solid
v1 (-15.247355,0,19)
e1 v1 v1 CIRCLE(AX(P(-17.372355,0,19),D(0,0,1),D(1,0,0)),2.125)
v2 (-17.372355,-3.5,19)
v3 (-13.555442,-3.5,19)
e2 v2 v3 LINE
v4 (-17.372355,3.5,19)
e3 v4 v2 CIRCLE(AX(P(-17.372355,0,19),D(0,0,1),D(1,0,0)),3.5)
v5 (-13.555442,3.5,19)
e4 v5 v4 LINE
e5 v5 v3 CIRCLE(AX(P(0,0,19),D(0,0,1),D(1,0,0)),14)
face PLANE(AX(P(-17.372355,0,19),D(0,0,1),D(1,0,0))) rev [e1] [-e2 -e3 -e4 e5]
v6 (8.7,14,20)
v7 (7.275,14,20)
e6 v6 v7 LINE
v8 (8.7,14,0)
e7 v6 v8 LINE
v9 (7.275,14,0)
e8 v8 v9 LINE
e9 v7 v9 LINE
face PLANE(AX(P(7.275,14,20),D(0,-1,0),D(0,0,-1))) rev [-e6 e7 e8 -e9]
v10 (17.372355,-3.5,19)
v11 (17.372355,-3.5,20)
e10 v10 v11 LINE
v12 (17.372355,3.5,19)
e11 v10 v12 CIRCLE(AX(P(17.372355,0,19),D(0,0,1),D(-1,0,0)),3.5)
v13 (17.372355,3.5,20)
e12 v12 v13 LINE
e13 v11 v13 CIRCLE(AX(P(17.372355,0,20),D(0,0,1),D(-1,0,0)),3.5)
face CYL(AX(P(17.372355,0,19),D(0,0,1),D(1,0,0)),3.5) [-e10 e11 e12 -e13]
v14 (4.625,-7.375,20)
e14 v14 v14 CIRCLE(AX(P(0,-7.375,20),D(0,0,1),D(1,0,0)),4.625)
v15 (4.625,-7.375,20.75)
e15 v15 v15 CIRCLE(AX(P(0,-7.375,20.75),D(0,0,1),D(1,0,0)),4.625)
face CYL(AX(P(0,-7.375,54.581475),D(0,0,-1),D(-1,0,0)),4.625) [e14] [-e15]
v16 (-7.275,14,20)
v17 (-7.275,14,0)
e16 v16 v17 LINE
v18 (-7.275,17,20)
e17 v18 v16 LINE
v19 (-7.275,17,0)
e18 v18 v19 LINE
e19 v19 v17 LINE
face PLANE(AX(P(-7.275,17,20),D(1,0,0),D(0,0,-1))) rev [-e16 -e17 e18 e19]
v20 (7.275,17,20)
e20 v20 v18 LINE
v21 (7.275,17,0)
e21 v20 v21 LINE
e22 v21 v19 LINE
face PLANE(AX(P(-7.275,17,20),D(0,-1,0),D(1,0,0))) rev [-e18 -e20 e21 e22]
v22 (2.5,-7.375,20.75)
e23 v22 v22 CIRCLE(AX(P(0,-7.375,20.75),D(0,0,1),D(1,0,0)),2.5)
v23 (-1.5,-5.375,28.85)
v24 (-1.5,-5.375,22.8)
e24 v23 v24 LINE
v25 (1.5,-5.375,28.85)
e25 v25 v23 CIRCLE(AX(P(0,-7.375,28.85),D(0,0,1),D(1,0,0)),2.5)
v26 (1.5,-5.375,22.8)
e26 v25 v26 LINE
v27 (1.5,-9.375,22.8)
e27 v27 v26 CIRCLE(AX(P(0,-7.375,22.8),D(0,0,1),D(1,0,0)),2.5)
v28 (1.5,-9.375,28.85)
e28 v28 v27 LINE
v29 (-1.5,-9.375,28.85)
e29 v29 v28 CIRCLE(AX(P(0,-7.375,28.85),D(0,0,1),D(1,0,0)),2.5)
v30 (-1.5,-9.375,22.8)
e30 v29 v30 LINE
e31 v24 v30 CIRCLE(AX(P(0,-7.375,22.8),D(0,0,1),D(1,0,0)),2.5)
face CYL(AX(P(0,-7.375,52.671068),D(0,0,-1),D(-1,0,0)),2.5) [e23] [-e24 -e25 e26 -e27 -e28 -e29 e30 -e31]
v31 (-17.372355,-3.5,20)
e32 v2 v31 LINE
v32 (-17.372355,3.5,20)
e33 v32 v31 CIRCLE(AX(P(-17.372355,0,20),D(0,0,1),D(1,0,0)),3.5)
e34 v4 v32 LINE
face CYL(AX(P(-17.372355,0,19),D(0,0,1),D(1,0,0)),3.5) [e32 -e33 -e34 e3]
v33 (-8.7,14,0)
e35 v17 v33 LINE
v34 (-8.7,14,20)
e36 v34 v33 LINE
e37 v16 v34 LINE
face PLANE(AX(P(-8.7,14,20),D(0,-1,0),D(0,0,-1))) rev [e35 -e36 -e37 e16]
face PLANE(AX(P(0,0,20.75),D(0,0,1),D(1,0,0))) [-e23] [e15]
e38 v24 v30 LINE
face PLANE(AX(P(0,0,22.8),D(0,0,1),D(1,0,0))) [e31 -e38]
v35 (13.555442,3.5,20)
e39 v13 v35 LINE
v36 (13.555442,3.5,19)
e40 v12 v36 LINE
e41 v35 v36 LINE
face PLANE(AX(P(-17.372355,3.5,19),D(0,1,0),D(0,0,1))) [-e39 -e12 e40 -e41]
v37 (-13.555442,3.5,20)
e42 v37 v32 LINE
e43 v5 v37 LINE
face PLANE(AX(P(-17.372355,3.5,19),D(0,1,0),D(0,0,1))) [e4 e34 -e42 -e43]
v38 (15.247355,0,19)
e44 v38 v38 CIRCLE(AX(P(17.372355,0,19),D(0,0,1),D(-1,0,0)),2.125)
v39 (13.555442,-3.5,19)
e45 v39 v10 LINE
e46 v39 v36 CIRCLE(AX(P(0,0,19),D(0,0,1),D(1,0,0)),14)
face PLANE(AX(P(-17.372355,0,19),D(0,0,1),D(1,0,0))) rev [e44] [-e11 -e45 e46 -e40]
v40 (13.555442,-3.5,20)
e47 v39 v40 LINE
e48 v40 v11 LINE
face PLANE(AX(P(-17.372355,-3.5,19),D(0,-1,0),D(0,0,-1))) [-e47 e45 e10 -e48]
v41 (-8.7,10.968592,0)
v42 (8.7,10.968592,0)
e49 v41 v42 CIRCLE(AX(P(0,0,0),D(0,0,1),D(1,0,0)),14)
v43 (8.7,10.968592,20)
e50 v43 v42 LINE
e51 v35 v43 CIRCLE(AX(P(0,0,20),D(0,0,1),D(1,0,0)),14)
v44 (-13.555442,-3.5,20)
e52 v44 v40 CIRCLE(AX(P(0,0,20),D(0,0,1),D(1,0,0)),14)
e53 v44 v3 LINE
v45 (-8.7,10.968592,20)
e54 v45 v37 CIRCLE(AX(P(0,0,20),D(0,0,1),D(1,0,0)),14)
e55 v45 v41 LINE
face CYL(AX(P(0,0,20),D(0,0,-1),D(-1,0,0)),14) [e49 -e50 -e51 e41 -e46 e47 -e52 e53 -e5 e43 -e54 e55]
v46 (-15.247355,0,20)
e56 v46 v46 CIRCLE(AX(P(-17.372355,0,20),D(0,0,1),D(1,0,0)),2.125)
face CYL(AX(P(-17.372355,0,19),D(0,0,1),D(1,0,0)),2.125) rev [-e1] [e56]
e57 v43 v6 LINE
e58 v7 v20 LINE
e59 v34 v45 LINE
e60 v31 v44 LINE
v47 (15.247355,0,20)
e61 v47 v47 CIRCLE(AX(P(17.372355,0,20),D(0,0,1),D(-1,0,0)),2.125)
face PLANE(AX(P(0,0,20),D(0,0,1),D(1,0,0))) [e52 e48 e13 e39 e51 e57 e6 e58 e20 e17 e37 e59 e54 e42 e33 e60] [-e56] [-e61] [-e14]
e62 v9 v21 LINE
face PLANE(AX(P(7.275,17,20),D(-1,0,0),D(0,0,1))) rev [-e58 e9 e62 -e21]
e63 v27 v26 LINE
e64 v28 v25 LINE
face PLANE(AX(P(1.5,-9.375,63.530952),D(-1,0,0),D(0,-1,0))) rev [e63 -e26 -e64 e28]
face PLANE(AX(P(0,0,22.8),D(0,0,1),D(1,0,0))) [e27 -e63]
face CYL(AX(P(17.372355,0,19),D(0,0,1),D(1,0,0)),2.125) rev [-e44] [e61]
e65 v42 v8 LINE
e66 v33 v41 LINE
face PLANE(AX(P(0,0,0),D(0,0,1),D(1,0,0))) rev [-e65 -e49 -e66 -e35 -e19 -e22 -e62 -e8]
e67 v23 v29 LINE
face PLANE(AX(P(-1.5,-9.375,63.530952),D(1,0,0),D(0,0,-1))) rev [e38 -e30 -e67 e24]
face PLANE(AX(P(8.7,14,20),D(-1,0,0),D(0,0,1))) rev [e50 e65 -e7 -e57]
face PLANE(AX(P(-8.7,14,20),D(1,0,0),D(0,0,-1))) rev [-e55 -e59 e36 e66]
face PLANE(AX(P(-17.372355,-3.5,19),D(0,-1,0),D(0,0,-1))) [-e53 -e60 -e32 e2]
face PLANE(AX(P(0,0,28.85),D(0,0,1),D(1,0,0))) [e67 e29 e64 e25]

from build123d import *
from build123d.topology import SkipClean

# Parameters (mm, degrees)
EXTRUDE_1_DEPTH = 20
SKETCH_2_R      = 2.125
EXTRUDE_2_DEPTH = 1
SKETCH_3_R      = 4.625
EXTRUDE_3_DEPTH = 0.75
SKETCH_4_R      = 2.5
EXTRUDE_4_DEPTH = 2.05
EXTRUDE_5_DEPTH = 6.05


with BuildPart() as part:
    # Sketch 1 → Extrude 1 (new body)
    with BuildSketch(Plane.XY):
        with BuildLine():
            Line((-7.275, 17), (7.275, 17))
            Line((7.275, 17), (7.275, 14))
            Line((7.275, 14), (8.7, 14))
            Line((8.7, 14), (8.7, 10.968591523))
            ThreePointArc((8.7, 10.968591523), (0, -14), (-8.7, 10.968591523))
            Line((-8.7, 10.968591523), (-8.7, 14))
            Line((-8.7, 14), (-7.275, 14))
            Line((-7.275, 14), (-7.275, 17))
        make_face()
    extrude(amount=EXTRUDE_1_DEPTH)

    # Sketch 2 → Extrude 2 (add)
    with BuildSketch(Plane.XY.offset(20)):
        with BuildLine():
            Line((-17.372355088, 3.5), (17.372355088, 3.5))
            ThreePointArc((17.372355088, 3.5), (20.872355088, 0), (17.372355088, -3.5))
            Line((17.372355088, -3.5), (-17.372355088, -3.5))
            ThreePointArc((-17.372355088, -3.5), (-20.872355088, 0), (-17.372355088, 3.5))
        make_face()
        with Locations((-17.372355088, 0)):
            Circle(SKETCH_2_R, mode=Mode.SUBTRACT)
        with Locations(Location((17.372355088, 0, 0), (0, 0, 180))):
            Circle(SKETCH_2_R, mode=Mode.SUBTRACT)
    extrude(amount=-EXTRUDE_2_DEPTH)

    # Sketch 3 → Extrude 3 (add)
    with BuildSketch(Plane.XY.offset(20)):
        with Locations((0, -7.375)):
            Circle(SKETCH_3_R)
    extrude(amount=EXTRUDE_3_DEPTH)

    # Sketch 4 → Extrude 4 (add)
    with BuildSketch(Plane.XY.offset(20.75)):
        with Locations((0, -7.375)):
            Circle(SKETCH_4_R)
    extrude(amount=EXTRUDE_4_DEPTH)

    # Sketch 5 → Extrude 5 (add)
    with SkipClean():  # the faces are left unmerged after this step: merging them gives an invalid solid
        with BuildSketch(Plane.XY.offset(22.8)):
            with BuildLine():
                Line((-1.5, -9.375), (-1.5, -5.375))
                ThreePointArc((-1.5, -5.375), (0, -4.875), (1.5, -5.375))
                Line((1.5, -5.375), (1.5, -9.375))
                ThreePointArc((1.5, -9.375), (0, -9.875), (-1.5, -9.375))
            make_face()
        extrude(amount=EXTRUDE_5_DEPTH)


solid = part.part
